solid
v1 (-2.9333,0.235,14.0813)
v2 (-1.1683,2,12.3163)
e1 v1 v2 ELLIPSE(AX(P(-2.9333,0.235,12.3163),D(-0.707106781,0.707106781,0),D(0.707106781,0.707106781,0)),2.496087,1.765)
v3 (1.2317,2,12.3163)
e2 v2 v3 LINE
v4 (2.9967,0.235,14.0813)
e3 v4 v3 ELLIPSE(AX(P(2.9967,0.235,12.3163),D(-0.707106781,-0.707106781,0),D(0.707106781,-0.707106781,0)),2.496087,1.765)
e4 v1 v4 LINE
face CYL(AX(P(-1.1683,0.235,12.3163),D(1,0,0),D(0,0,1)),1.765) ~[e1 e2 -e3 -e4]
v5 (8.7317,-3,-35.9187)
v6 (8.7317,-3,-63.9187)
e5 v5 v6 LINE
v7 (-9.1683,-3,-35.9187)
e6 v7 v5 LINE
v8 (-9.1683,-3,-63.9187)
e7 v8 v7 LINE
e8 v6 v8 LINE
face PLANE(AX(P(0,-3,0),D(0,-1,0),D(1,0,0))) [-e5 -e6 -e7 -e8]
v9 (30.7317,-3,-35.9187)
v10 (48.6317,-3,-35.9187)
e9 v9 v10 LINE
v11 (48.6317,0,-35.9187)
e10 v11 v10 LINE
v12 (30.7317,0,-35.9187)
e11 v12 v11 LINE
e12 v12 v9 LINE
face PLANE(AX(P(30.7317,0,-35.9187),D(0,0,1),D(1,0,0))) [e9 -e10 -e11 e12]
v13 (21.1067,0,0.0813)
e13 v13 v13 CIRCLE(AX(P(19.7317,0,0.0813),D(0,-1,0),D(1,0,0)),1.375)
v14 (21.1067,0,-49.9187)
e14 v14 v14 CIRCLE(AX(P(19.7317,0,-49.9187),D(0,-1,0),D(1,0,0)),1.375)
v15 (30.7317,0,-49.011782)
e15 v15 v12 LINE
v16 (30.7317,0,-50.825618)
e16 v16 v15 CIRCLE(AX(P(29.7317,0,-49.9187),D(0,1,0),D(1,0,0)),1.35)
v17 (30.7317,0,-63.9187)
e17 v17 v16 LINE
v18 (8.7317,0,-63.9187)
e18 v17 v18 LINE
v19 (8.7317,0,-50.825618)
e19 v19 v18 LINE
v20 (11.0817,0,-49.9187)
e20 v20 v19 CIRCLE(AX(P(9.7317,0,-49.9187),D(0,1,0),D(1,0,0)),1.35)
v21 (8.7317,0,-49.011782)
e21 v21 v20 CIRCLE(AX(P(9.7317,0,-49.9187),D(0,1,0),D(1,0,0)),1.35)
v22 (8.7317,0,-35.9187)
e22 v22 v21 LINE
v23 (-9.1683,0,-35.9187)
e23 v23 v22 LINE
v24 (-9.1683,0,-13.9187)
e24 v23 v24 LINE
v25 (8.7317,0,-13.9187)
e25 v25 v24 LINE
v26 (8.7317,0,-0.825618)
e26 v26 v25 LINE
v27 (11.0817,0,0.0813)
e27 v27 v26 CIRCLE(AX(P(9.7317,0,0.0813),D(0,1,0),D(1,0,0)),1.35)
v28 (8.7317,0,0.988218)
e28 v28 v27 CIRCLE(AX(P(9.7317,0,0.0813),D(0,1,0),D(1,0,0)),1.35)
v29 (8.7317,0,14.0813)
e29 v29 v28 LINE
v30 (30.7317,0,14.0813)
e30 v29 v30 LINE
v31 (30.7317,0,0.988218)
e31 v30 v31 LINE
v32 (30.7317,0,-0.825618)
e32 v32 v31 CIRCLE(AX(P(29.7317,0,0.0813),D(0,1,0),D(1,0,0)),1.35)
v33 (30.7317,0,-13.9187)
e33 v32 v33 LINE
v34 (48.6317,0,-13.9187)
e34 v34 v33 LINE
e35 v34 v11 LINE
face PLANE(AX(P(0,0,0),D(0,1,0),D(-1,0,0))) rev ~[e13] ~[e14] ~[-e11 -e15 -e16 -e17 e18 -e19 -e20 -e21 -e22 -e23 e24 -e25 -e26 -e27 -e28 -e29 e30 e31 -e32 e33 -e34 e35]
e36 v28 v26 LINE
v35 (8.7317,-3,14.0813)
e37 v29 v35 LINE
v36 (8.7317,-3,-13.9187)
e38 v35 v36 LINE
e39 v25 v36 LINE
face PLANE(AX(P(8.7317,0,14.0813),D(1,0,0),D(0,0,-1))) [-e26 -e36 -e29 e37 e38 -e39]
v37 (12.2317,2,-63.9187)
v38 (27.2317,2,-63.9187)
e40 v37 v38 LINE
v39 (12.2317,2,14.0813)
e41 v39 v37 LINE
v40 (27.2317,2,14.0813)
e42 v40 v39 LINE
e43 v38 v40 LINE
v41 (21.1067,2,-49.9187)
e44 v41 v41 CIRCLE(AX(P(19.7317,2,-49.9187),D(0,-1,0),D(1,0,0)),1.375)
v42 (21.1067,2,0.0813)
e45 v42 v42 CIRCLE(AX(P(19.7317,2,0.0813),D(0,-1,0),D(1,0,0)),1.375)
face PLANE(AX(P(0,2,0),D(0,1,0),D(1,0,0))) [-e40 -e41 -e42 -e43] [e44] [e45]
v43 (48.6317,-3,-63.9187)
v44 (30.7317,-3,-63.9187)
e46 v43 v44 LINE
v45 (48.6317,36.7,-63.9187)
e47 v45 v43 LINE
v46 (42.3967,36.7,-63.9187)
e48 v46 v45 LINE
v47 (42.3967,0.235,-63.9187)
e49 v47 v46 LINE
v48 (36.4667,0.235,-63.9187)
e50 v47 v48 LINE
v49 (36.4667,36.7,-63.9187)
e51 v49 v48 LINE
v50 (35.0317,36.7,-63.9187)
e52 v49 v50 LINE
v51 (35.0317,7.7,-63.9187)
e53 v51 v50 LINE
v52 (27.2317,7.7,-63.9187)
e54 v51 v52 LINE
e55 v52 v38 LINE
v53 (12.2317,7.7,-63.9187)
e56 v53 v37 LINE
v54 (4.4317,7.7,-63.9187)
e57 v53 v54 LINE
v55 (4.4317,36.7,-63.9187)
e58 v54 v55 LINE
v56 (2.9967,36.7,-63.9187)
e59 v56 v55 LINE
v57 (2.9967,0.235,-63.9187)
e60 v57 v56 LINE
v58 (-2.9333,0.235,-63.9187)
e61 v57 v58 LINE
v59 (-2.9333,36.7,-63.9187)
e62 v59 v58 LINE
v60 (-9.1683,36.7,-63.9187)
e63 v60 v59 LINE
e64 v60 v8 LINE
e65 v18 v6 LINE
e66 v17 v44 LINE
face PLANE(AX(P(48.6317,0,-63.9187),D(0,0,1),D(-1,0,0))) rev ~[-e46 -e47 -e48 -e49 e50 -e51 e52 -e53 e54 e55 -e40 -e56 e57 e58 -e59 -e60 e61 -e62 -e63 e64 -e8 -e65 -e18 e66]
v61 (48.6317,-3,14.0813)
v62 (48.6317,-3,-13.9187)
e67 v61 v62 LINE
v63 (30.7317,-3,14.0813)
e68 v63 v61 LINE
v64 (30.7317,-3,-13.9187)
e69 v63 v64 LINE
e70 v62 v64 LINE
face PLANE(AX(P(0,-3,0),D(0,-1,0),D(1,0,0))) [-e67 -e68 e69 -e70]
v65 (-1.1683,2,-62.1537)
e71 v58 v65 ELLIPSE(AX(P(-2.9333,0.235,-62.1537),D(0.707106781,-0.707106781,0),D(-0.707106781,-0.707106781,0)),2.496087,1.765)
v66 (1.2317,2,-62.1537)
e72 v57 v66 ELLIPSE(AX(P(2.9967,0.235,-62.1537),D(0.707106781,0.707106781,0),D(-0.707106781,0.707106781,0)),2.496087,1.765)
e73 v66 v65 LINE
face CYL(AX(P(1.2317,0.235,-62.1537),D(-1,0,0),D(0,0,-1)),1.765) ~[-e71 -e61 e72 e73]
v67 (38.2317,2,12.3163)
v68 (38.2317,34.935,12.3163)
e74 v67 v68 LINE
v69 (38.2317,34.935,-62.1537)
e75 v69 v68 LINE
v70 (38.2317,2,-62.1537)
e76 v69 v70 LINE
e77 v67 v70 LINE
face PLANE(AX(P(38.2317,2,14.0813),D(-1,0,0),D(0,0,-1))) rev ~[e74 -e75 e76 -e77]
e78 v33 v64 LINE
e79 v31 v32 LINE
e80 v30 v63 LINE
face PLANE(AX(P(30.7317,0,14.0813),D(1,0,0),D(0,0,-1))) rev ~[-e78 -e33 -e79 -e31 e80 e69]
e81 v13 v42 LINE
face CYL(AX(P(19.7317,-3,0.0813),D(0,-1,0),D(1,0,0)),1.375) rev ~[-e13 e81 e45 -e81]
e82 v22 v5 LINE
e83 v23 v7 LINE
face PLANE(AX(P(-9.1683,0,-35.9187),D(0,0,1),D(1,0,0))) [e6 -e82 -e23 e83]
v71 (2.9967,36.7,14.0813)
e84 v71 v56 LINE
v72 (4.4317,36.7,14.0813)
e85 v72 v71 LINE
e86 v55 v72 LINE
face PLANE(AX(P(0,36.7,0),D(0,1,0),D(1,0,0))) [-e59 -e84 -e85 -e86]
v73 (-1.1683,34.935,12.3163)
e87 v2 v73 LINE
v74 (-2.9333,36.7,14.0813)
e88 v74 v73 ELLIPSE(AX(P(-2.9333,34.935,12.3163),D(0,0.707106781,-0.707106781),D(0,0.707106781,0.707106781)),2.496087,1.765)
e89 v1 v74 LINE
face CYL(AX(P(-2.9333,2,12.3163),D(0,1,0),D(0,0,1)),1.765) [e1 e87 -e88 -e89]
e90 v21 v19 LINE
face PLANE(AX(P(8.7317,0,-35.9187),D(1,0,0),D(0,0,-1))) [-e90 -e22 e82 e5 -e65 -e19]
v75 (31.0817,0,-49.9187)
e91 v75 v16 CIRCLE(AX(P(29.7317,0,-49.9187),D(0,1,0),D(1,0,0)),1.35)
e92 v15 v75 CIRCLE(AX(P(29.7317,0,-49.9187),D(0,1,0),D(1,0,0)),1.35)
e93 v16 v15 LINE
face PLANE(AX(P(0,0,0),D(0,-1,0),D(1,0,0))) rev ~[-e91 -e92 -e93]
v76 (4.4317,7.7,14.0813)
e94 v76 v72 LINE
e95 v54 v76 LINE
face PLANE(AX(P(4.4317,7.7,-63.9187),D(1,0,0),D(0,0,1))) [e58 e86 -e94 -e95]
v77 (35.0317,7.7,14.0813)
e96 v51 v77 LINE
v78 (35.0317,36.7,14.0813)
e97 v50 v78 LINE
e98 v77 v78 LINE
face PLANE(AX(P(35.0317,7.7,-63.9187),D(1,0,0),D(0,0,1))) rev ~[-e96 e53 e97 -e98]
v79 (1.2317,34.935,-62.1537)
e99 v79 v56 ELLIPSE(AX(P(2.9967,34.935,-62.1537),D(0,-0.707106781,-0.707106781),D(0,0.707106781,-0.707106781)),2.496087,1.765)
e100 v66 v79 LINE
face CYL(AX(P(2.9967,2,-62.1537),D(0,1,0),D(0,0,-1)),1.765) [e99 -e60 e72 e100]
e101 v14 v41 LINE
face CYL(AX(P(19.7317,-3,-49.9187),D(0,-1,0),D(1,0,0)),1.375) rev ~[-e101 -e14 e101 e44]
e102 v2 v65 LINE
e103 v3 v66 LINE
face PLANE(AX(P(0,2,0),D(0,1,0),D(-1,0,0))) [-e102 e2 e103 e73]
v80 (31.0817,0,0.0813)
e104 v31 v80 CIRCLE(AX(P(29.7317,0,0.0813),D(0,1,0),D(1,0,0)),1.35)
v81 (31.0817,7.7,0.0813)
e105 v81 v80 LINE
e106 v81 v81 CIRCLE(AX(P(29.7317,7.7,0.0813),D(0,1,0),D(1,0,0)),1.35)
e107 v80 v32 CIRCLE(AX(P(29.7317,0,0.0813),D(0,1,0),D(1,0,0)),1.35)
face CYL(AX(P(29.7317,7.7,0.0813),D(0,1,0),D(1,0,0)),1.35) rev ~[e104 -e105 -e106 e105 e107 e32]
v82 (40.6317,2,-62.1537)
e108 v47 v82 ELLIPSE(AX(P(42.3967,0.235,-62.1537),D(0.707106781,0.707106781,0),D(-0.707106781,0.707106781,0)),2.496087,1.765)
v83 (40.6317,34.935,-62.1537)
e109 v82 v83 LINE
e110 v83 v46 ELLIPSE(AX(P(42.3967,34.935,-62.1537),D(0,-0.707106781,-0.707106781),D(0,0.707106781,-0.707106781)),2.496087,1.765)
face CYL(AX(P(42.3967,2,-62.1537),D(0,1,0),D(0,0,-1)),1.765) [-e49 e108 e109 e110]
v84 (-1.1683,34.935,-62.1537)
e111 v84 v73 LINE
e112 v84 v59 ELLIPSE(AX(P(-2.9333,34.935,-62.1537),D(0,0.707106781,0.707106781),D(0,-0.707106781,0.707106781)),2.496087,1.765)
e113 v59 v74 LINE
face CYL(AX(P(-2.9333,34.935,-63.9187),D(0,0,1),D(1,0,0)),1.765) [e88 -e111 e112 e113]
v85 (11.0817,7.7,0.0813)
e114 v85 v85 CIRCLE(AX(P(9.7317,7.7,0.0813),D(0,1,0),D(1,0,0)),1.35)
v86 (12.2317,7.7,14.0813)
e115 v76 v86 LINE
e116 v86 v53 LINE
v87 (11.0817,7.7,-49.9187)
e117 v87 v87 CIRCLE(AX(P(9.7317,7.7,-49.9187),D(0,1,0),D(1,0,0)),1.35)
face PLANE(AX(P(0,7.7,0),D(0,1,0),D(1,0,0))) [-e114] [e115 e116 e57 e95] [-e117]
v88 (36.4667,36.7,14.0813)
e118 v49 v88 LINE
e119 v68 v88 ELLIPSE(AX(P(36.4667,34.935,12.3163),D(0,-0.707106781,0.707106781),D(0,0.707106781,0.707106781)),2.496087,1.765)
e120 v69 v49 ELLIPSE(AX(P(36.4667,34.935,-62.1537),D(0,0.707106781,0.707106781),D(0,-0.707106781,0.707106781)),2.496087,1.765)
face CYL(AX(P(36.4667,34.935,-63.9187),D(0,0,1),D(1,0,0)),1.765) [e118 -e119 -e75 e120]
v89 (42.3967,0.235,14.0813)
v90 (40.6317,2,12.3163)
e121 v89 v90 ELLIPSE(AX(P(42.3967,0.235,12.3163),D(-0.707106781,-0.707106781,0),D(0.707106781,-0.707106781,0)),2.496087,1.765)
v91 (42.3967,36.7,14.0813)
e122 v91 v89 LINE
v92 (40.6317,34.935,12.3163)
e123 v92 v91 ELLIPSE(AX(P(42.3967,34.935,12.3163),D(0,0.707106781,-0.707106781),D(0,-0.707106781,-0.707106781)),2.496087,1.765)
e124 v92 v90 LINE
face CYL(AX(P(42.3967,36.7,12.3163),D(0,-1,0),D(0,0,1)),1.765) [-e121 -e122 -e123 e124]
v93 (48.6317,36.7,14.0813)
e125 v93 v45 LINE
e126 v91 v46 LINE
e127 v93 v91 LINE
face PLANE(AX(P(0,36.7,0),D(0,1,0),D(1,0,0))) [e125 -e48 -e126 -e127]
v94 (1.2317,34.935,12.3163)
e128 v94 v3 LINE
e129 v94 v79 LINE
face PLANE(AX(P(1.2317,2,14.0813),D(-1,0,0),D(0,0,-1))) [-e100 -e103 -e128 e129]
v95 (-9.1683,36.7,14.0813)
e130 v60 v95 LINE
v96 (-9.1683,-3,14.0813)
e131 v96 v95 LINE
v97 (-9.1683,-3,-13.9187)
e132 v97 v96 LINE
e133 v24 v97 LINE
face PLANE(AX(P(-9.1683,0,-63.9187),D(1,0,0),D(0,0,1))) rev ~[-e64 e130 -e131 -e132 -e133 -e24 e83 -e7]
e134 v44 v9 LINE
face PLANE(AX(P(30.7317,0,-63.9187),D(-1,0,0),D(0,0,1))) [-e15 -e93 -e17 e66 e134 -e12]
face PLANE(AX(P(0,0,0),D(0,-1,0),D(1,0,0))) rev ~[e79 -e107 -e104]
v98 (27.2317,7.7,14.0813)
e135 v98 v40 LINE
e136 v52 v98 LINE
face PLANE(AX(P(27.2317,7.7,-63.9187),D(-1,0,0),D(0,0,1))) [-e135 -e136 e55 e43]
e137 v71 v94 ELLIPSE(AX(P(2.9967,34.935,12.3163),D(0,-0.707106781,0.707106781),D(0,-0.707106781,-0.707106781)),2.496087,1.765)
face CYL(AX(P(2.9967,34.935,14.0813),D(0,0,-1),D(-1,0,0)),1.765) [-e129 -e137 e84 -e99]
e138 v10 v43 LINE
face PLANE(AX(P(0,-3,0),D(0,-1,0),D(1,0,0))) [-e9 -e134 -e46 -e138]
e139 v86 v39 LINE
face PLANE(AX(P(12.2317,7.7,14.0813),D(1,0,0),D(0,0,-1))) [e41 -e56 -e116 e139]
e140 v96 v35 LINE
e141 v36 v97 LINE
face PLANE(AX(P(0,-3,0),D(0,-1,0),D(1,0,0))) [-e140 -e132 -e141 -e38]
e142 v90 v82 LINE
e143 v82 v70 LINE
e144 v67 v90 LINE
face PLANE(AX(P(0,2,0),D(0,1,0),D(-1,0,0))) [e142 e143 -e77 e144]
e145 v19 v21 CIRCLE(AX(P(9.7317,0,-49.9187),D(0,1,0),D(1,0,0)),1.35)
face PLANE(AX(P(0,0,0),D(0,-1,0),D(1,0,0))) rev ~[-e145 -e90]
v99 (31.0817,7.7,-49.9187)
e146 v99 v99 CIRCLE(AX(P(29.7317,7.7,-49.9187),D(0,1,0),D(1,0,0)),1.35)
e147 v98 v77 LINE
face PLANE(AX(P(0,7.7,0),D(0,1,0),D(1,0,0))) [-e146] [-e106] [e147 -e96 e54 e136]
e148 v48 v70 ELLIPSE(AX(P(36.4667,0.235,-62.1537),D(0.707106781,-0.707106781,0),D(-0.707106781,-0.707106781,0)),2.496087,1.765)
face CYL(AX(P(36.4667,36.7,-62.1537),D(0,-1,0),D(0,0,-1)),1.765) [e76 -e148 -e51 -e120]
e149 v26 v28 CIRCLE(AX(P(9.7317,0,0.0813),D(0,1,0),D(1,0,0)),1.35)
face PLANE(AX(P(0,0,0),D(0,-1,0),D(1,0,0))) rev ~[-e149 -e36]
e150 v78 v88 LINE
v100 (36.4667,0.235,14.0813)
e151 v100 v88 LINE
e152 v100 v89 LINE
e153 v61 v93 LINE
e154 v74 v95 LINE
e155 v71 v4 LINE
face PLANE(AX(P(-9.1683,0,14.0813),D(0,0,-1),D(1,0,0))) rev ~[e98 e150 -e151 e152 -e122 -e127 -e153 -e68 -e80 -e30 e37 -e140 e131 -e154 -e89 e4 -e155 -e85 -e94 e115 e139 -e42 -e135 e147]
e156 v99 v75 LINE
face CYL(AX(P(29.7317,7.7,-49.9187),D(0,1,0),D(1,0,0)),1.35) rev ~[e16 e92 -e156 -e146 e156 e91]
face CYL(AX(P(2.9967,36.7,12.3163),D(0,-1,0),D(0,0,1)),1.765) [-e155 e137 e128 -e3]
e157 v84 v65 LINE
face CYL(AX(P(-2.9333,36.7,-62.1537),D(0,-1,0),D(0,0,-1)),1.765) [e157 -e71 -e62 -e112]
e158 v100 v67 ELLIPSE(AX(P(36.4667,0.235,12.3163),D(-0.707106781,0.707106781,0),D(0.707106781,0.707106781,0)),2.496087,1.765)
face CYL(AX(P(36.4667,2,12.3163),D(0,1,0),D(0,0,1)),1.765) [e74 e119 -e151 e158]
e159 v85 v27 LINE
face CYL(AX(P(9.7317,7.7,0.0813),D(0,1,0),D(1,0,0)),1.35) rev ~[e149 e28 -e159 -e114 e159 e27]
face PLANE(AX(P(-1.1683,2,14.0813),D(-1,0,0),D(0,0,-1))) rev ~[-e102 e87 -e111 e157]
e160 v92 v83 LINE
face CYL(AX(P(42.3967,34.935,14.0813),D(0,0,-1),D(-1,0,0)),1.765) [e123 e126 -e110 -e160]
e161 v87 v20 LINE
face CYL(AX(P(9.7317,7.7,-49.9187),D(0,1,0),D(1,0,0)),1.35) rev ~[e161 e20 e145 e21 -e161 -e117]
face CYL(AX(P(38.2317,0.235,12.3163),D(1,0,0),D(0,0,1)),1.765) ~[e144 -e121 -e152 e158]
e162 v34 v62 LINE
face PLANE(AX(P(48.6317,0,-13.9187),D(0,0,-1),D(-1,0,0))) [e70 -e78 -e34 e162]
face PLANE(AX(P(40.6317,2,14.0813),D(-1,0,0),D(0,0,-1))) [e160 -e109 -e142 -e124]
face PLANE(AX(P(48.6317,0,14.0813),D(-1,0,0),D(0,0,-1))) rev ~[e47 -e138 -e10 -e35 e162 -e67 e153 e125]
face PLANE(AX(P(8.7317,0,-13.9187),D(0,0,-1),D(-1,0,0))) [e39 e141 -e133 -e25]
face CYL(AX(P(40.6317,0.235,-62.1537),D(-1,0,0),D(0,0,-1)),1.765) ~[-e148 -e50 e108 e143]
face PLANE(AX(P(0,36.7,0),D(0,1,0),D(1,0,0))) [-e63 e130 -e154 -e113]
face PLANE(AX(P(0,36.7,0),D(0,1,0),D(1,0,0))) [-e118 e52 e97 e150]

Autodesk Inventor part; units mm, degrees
ref_plane "YZ Plane" through (0, 0, 0) normal (1, 0, 0) x (0, 1, 0)
ref_plane "XZ Plane" through (0, 0, 0) normal (0, 1, 0) x (-1, 0, 0)
ref_plane "XY Plane" through (0, 0, 0) normal (0, 0, 1) x (1, 0, 0)
sketch "Sketch1" plane through (0, 0, 0) normal (0, 1, 0) x (-1, 0, 0)
  line L0 (9.1683, 14.0813) -> (-48.6317, 14.0813)
  line L1 (-48.6317, 14.0813) -> (-48.6317, -63.9187)
  line L2 (-48.6317, -63.9187) -> (9.1683, -63.9187)
  line L3 (9.1683, -63.9187) -> (9.1683, 14.0813)
  point P0 (0, 0)
  dimension "d0" = 57.8
  dimension "d1" = 78
extrude "Extrusion1" add sketch "Sketch1" along normal blind 2
sketch "Sketch2" plane through (0, 2, 0) normal (0, 1, 0) x (1, 0, 0)
  line L0 (-9.1683, 63.9187) -> (-9.1683, -14.0813) projected
  line L1 (48.6317, 63.9187) -> (-9.1683, 63.9187) projected
  line L2 (-9.1683, -14.0813) -> (-1.1683, -14.0813)
  line L3 (-1.1683, -14.0813) -> (-1.1683, 63.9187)
  line L4 (-1.1683, 63.9187) -> (-9.1683, 63.9187)
  line L5 (-9.1683, 63.9187) -> (-9.1683, -14.0813)
  line L6 (48.6317, -14.0813) -> (48.6317, 63.9187) projected
  line L7 (48.6317, -14.0813) -> (40.6317, -14.0813)
  line L8 (40.6317, -14.0813) -> (40.6317, 63.9187)
  line L9 (40.6317, 63.9187) -> (48.6317, 63.9187)
  line L10 (48.6317, 63.9187) -> (48.6317, -14.0813)
  line L11 (1.2317, -14.0813) -> (1.2317, 63.9187)
  line L12 (-9.1683, -14.0813) -> (48.6317, -14.0813) projected
  line L13 (38.2317, -14.0813) -> (38.2317, 63.9187)
  line L14 (1.2317, -14.0813) -> (38.2317, -14.0813)
  line L15 (1.2317, 63.9187) -> (38.2317, 63.9187)
  point P0 (0, 0)
  dimension "d4" = 8
  dimension "d5" = 8
  dimension "d6" = 2.4
  dimension "d7" = 2.4
extrude "Extrusion2" add sketch "Sketch2" along normal blind 5.7 contours L1 L3 L2 L0 | L1 L13 L12 L11 | L1 L6 L7 L8
sketch "Sketch3" plane through (0, 7.7, 0) normal (0, 1, 0) x (1, 0, 0)
  circle A0 centre (9.7317, -0.0813) radius 1.35
  circle A1 centre (29.7317, -0.0813) radius 1.35
  line L0 (1.2317, 63.9187) -> (1.2317, -14.0813) projected
  circle A2 centre (9.7317, 49.9187) radius 1.35
  circle A3 centre (29.7317, 49.9187) radius 1.35
  line L1 (1.2317, -14.0813) -> (38.2317, -14.0813) projected
  point P0 (0, 0)
  dimension "d10" = 2.7
  dimension "d11" = 2.7
  dimension "d12" = 20
  dimension "d13" = 8.5
  dimension "d14" = 2.7
  dimension "d15" = 2.7
  dimension "d16" = 20
  dimension "d17" = 50
  dimension "d18" = 14
  dimension "d19" = 14
  dimension "d20" = 50
extrude "Extrusion3" cut sketch "Sketch3" against normal through all
sketch "Sketch4" plane through (0, 0, 0) normal (0, -1, 0) x (1, 0, 0)
  line L0 (8.7317, 14.0813) -> (8.7317, -13.9187)
  line L1 (8.7317, -13.9187) -> (-9.1683, -13.9187)
  line L2 (-9.1683, -35.9187) -> (8.7317, -35.9187)
  line L3 (8.7317, -35.9187) -> (8.7317, -63.9187)
  line L4 (8.7317, -63.9187) -> (30.7317, -63.9187)
  line L5 (30.7317, -63.9187) -> (30.7317, -35.9187)
  line L6 (30.7317, -35.9187) -> (48.6317, -35.9187)
  line L7 (48.6317, -13.9187) -> (30.7317, -13.9187)
  line L8 (30.7317, 14.0813) -> (30.7317, -13.9187)
  line L9 (30.7317, 14.0813) -> (8.7317, 14.0813)
  circle A0 centre (19.7317, 0.0813) radius 1.375
  circle A1 centre (19.7317, -49.9187) radius 1.375
  line L10 (48.6317, 14.0813) -> (48.6317, -63.9187) projected
  line L11 (-9.1683, 14.0813) -> (48.6317, 14.0813) projected
  line L12 (-9.1683, -13.9187) -> (-9.1683, -35.9187)
  line L13 (-9.1683, -63.9187) -> (-9.1683, 14.0813) projected
  line L14 (48.6317, -13.9187) -> (48.6317, -35.9187)
  line L15 (-9.1683, 14.0813) -> (48.6317, 14.0813)
  line L16 (48.6317, 14.0813) -> (48.6317, -63.9187)
  line L17 (48.6317, -63.9187) -> (-9.1683, -63.9187)
  line L18 (-9.1683, -63.9187) -> (-9.1683, 14.0813)
  point P0 (0, 0)
  point P1 (24.2887, -20.9845)
  point P2 (19.7317, -63.9187)
  dimension "d48" = 17.9
  dimension "d49" = 17.9
  dimension "d50" = 28
  dimension "d52" = 28
  dimension "d53" = 22
  dimension "d70" = 0
extrude "Extrusion4" add sketch "Sketch4" along normal blind 3 contours L0 L1 L13 L11 | L11 L10 L7 L8 | L2 L3 L17 L13 | L10 L17 L5 L6 | A0 | A1
sketch "Sketch5" plane through (24.7317, -3, 0.0813) normal (0, -1, 0) x (1, 0, 0)
  circle A0 centre (-5, 0) radius 1.375 projected
  circle A1 centre (-5, 0) radius 1.375
  circle A2 centre (-5, -50) radius 1.375 projected
  circle A3 centre (-5, -50) radius 1.375
  point P0 (-24.7317, -0.0813)
  dimension "d56" = 2.75
extrude "Extrusion5" cut sketch "Sketch5" against normal through all
sketch "Sketch6" plane through (0, 7.7, 0) normal (0, 1, 0) x (1, 0, 0)
  line L0 (12.2317, 63.9187) -> (27.2317, 63.9187)
  line L1 (27.2317, 63.9187) -> (27.2317, -14.0813)
  line L2 (27.2317, -14.0813) -> (12.2317, -14.0813)
  line L3 (12.2317, -14.0813) -> (12.2317, 63.9187)
  line L4 (38.2317, 63.9187) -> (1.2317, 63.9187) projected
  line L5 (1.2317, -14.0813) -> (38.2317, -14.0813) projected
  line L6 (48.6317, -14.0813) -> (48.6317, 63.9187) projected
  line L7 (-9.1683, 63.9187) -> (-9.1683, -14.0813) projected
  point P0 (0, 0)
  dimension "d59" = 0
  dimension "d60" = 0
  dimension "d61" = 21.4
  dimension "d62" = 21.4
extrude "Extrusion6" cut sketch "Sketch6" against normal blind 5.7
sketch "Sketch7" plane through (0, 7.7, 0) normal (0, 1, 0) x (1, 0, 0)
  line L0 (-9.1683, 63.9187) -> (-9.1683, -14.0813) projected
  line L1 (-1.1683, -14.0813) -> (1.2317, -14.0813) projected
  line L2 (-9.1683, 63.9187) -> (-1.1683, 63.9187)
  line L3 (-1.1683, 63.9187) -> (-1.1683, -14.0813)
  line L4 (-1.1683, -14.0813) -> (-9.1683, -14.0813)
  line L5 (-9.1683, -14.0813) -> (-9.1683, 63.9187)
  line L6 (48.6317, -14.0813) -> (48.6317, 63.9187) projected
  line L7 (40.6317, -14.0813) -> (40.6317, 63.9187) projected
  line L8 (48.6317, -14.0813) -> (40.6317, -14.0813)
  line L9 (40.6317, -14.0813) -> (40.6317, 63.9187)
  line L10 (40.6317, 63.9187) -> (48.6317, 63.9187)
  line L11 (48.6317, 63.9187) -> (48.6317, -14.0813)
  line L12 (1.2317, -14.0813) -> (1.2317, 63.9187) projected
  line L13 (1.2317, 63.9187) -> (4.4317, 63.9187)
  line L14 (4.4317, 63.9187) -> (4.4317, -14.0813)
  line L15 (4.4317, -14.0813) -> (1.2317, -14.0813)
  line L16 (1.2317, -14.0813) -> (1.2317, 63.9187)
  line L17 (38.2317, 63.9187) -> (38.2317, -14.0813) projected
  line L18 (38.2317, 63.9187) -> (35.0317, 63.9187)
  line L19 (35.0317, 63.9187) -> (35.0317, -14.0813)
  line L20 (35.0317, -14.0813) -> (38.2317, -14.0813)
  line L21 (38.2317, -14.0813) -> (38.2317, 63.9187)
  point P0 (0, 0)
  point P1 (38.2317, -14.0813)
  dimension "d71" = 3.2
  dimension "d72" = 3.2
extrude "Extrusion7" add sketch "Sketch7" along normal blind 29
fillet "Fillet6" radius 1.765 16 edges at (-1.1683, 19.35, 14.0813) (1.2317, 19.35, 14.0813) (1.2317, 36.7, -24.9187) (-1.1683, 36.7, -24.9187) (0.0317, 2, 14.0813) (38.2317, 36.7, -24.9187) (40.6317, 36.7, -24.9187) (38.2317, 19.35, 14.0813) (40.6317, 19.35, 14.0813) (39.4317, 2, 14.0813) (-1.1683, 19.35, -63.9187) (1.2317, 19.35, -63.9187) (38.2317, 19.35, -63.9187) (40.6317, 19.35, -63.9187) (39.4317, 2, -63.9187) (0.0317, 2, -63.9187)
properties part number "slider"
